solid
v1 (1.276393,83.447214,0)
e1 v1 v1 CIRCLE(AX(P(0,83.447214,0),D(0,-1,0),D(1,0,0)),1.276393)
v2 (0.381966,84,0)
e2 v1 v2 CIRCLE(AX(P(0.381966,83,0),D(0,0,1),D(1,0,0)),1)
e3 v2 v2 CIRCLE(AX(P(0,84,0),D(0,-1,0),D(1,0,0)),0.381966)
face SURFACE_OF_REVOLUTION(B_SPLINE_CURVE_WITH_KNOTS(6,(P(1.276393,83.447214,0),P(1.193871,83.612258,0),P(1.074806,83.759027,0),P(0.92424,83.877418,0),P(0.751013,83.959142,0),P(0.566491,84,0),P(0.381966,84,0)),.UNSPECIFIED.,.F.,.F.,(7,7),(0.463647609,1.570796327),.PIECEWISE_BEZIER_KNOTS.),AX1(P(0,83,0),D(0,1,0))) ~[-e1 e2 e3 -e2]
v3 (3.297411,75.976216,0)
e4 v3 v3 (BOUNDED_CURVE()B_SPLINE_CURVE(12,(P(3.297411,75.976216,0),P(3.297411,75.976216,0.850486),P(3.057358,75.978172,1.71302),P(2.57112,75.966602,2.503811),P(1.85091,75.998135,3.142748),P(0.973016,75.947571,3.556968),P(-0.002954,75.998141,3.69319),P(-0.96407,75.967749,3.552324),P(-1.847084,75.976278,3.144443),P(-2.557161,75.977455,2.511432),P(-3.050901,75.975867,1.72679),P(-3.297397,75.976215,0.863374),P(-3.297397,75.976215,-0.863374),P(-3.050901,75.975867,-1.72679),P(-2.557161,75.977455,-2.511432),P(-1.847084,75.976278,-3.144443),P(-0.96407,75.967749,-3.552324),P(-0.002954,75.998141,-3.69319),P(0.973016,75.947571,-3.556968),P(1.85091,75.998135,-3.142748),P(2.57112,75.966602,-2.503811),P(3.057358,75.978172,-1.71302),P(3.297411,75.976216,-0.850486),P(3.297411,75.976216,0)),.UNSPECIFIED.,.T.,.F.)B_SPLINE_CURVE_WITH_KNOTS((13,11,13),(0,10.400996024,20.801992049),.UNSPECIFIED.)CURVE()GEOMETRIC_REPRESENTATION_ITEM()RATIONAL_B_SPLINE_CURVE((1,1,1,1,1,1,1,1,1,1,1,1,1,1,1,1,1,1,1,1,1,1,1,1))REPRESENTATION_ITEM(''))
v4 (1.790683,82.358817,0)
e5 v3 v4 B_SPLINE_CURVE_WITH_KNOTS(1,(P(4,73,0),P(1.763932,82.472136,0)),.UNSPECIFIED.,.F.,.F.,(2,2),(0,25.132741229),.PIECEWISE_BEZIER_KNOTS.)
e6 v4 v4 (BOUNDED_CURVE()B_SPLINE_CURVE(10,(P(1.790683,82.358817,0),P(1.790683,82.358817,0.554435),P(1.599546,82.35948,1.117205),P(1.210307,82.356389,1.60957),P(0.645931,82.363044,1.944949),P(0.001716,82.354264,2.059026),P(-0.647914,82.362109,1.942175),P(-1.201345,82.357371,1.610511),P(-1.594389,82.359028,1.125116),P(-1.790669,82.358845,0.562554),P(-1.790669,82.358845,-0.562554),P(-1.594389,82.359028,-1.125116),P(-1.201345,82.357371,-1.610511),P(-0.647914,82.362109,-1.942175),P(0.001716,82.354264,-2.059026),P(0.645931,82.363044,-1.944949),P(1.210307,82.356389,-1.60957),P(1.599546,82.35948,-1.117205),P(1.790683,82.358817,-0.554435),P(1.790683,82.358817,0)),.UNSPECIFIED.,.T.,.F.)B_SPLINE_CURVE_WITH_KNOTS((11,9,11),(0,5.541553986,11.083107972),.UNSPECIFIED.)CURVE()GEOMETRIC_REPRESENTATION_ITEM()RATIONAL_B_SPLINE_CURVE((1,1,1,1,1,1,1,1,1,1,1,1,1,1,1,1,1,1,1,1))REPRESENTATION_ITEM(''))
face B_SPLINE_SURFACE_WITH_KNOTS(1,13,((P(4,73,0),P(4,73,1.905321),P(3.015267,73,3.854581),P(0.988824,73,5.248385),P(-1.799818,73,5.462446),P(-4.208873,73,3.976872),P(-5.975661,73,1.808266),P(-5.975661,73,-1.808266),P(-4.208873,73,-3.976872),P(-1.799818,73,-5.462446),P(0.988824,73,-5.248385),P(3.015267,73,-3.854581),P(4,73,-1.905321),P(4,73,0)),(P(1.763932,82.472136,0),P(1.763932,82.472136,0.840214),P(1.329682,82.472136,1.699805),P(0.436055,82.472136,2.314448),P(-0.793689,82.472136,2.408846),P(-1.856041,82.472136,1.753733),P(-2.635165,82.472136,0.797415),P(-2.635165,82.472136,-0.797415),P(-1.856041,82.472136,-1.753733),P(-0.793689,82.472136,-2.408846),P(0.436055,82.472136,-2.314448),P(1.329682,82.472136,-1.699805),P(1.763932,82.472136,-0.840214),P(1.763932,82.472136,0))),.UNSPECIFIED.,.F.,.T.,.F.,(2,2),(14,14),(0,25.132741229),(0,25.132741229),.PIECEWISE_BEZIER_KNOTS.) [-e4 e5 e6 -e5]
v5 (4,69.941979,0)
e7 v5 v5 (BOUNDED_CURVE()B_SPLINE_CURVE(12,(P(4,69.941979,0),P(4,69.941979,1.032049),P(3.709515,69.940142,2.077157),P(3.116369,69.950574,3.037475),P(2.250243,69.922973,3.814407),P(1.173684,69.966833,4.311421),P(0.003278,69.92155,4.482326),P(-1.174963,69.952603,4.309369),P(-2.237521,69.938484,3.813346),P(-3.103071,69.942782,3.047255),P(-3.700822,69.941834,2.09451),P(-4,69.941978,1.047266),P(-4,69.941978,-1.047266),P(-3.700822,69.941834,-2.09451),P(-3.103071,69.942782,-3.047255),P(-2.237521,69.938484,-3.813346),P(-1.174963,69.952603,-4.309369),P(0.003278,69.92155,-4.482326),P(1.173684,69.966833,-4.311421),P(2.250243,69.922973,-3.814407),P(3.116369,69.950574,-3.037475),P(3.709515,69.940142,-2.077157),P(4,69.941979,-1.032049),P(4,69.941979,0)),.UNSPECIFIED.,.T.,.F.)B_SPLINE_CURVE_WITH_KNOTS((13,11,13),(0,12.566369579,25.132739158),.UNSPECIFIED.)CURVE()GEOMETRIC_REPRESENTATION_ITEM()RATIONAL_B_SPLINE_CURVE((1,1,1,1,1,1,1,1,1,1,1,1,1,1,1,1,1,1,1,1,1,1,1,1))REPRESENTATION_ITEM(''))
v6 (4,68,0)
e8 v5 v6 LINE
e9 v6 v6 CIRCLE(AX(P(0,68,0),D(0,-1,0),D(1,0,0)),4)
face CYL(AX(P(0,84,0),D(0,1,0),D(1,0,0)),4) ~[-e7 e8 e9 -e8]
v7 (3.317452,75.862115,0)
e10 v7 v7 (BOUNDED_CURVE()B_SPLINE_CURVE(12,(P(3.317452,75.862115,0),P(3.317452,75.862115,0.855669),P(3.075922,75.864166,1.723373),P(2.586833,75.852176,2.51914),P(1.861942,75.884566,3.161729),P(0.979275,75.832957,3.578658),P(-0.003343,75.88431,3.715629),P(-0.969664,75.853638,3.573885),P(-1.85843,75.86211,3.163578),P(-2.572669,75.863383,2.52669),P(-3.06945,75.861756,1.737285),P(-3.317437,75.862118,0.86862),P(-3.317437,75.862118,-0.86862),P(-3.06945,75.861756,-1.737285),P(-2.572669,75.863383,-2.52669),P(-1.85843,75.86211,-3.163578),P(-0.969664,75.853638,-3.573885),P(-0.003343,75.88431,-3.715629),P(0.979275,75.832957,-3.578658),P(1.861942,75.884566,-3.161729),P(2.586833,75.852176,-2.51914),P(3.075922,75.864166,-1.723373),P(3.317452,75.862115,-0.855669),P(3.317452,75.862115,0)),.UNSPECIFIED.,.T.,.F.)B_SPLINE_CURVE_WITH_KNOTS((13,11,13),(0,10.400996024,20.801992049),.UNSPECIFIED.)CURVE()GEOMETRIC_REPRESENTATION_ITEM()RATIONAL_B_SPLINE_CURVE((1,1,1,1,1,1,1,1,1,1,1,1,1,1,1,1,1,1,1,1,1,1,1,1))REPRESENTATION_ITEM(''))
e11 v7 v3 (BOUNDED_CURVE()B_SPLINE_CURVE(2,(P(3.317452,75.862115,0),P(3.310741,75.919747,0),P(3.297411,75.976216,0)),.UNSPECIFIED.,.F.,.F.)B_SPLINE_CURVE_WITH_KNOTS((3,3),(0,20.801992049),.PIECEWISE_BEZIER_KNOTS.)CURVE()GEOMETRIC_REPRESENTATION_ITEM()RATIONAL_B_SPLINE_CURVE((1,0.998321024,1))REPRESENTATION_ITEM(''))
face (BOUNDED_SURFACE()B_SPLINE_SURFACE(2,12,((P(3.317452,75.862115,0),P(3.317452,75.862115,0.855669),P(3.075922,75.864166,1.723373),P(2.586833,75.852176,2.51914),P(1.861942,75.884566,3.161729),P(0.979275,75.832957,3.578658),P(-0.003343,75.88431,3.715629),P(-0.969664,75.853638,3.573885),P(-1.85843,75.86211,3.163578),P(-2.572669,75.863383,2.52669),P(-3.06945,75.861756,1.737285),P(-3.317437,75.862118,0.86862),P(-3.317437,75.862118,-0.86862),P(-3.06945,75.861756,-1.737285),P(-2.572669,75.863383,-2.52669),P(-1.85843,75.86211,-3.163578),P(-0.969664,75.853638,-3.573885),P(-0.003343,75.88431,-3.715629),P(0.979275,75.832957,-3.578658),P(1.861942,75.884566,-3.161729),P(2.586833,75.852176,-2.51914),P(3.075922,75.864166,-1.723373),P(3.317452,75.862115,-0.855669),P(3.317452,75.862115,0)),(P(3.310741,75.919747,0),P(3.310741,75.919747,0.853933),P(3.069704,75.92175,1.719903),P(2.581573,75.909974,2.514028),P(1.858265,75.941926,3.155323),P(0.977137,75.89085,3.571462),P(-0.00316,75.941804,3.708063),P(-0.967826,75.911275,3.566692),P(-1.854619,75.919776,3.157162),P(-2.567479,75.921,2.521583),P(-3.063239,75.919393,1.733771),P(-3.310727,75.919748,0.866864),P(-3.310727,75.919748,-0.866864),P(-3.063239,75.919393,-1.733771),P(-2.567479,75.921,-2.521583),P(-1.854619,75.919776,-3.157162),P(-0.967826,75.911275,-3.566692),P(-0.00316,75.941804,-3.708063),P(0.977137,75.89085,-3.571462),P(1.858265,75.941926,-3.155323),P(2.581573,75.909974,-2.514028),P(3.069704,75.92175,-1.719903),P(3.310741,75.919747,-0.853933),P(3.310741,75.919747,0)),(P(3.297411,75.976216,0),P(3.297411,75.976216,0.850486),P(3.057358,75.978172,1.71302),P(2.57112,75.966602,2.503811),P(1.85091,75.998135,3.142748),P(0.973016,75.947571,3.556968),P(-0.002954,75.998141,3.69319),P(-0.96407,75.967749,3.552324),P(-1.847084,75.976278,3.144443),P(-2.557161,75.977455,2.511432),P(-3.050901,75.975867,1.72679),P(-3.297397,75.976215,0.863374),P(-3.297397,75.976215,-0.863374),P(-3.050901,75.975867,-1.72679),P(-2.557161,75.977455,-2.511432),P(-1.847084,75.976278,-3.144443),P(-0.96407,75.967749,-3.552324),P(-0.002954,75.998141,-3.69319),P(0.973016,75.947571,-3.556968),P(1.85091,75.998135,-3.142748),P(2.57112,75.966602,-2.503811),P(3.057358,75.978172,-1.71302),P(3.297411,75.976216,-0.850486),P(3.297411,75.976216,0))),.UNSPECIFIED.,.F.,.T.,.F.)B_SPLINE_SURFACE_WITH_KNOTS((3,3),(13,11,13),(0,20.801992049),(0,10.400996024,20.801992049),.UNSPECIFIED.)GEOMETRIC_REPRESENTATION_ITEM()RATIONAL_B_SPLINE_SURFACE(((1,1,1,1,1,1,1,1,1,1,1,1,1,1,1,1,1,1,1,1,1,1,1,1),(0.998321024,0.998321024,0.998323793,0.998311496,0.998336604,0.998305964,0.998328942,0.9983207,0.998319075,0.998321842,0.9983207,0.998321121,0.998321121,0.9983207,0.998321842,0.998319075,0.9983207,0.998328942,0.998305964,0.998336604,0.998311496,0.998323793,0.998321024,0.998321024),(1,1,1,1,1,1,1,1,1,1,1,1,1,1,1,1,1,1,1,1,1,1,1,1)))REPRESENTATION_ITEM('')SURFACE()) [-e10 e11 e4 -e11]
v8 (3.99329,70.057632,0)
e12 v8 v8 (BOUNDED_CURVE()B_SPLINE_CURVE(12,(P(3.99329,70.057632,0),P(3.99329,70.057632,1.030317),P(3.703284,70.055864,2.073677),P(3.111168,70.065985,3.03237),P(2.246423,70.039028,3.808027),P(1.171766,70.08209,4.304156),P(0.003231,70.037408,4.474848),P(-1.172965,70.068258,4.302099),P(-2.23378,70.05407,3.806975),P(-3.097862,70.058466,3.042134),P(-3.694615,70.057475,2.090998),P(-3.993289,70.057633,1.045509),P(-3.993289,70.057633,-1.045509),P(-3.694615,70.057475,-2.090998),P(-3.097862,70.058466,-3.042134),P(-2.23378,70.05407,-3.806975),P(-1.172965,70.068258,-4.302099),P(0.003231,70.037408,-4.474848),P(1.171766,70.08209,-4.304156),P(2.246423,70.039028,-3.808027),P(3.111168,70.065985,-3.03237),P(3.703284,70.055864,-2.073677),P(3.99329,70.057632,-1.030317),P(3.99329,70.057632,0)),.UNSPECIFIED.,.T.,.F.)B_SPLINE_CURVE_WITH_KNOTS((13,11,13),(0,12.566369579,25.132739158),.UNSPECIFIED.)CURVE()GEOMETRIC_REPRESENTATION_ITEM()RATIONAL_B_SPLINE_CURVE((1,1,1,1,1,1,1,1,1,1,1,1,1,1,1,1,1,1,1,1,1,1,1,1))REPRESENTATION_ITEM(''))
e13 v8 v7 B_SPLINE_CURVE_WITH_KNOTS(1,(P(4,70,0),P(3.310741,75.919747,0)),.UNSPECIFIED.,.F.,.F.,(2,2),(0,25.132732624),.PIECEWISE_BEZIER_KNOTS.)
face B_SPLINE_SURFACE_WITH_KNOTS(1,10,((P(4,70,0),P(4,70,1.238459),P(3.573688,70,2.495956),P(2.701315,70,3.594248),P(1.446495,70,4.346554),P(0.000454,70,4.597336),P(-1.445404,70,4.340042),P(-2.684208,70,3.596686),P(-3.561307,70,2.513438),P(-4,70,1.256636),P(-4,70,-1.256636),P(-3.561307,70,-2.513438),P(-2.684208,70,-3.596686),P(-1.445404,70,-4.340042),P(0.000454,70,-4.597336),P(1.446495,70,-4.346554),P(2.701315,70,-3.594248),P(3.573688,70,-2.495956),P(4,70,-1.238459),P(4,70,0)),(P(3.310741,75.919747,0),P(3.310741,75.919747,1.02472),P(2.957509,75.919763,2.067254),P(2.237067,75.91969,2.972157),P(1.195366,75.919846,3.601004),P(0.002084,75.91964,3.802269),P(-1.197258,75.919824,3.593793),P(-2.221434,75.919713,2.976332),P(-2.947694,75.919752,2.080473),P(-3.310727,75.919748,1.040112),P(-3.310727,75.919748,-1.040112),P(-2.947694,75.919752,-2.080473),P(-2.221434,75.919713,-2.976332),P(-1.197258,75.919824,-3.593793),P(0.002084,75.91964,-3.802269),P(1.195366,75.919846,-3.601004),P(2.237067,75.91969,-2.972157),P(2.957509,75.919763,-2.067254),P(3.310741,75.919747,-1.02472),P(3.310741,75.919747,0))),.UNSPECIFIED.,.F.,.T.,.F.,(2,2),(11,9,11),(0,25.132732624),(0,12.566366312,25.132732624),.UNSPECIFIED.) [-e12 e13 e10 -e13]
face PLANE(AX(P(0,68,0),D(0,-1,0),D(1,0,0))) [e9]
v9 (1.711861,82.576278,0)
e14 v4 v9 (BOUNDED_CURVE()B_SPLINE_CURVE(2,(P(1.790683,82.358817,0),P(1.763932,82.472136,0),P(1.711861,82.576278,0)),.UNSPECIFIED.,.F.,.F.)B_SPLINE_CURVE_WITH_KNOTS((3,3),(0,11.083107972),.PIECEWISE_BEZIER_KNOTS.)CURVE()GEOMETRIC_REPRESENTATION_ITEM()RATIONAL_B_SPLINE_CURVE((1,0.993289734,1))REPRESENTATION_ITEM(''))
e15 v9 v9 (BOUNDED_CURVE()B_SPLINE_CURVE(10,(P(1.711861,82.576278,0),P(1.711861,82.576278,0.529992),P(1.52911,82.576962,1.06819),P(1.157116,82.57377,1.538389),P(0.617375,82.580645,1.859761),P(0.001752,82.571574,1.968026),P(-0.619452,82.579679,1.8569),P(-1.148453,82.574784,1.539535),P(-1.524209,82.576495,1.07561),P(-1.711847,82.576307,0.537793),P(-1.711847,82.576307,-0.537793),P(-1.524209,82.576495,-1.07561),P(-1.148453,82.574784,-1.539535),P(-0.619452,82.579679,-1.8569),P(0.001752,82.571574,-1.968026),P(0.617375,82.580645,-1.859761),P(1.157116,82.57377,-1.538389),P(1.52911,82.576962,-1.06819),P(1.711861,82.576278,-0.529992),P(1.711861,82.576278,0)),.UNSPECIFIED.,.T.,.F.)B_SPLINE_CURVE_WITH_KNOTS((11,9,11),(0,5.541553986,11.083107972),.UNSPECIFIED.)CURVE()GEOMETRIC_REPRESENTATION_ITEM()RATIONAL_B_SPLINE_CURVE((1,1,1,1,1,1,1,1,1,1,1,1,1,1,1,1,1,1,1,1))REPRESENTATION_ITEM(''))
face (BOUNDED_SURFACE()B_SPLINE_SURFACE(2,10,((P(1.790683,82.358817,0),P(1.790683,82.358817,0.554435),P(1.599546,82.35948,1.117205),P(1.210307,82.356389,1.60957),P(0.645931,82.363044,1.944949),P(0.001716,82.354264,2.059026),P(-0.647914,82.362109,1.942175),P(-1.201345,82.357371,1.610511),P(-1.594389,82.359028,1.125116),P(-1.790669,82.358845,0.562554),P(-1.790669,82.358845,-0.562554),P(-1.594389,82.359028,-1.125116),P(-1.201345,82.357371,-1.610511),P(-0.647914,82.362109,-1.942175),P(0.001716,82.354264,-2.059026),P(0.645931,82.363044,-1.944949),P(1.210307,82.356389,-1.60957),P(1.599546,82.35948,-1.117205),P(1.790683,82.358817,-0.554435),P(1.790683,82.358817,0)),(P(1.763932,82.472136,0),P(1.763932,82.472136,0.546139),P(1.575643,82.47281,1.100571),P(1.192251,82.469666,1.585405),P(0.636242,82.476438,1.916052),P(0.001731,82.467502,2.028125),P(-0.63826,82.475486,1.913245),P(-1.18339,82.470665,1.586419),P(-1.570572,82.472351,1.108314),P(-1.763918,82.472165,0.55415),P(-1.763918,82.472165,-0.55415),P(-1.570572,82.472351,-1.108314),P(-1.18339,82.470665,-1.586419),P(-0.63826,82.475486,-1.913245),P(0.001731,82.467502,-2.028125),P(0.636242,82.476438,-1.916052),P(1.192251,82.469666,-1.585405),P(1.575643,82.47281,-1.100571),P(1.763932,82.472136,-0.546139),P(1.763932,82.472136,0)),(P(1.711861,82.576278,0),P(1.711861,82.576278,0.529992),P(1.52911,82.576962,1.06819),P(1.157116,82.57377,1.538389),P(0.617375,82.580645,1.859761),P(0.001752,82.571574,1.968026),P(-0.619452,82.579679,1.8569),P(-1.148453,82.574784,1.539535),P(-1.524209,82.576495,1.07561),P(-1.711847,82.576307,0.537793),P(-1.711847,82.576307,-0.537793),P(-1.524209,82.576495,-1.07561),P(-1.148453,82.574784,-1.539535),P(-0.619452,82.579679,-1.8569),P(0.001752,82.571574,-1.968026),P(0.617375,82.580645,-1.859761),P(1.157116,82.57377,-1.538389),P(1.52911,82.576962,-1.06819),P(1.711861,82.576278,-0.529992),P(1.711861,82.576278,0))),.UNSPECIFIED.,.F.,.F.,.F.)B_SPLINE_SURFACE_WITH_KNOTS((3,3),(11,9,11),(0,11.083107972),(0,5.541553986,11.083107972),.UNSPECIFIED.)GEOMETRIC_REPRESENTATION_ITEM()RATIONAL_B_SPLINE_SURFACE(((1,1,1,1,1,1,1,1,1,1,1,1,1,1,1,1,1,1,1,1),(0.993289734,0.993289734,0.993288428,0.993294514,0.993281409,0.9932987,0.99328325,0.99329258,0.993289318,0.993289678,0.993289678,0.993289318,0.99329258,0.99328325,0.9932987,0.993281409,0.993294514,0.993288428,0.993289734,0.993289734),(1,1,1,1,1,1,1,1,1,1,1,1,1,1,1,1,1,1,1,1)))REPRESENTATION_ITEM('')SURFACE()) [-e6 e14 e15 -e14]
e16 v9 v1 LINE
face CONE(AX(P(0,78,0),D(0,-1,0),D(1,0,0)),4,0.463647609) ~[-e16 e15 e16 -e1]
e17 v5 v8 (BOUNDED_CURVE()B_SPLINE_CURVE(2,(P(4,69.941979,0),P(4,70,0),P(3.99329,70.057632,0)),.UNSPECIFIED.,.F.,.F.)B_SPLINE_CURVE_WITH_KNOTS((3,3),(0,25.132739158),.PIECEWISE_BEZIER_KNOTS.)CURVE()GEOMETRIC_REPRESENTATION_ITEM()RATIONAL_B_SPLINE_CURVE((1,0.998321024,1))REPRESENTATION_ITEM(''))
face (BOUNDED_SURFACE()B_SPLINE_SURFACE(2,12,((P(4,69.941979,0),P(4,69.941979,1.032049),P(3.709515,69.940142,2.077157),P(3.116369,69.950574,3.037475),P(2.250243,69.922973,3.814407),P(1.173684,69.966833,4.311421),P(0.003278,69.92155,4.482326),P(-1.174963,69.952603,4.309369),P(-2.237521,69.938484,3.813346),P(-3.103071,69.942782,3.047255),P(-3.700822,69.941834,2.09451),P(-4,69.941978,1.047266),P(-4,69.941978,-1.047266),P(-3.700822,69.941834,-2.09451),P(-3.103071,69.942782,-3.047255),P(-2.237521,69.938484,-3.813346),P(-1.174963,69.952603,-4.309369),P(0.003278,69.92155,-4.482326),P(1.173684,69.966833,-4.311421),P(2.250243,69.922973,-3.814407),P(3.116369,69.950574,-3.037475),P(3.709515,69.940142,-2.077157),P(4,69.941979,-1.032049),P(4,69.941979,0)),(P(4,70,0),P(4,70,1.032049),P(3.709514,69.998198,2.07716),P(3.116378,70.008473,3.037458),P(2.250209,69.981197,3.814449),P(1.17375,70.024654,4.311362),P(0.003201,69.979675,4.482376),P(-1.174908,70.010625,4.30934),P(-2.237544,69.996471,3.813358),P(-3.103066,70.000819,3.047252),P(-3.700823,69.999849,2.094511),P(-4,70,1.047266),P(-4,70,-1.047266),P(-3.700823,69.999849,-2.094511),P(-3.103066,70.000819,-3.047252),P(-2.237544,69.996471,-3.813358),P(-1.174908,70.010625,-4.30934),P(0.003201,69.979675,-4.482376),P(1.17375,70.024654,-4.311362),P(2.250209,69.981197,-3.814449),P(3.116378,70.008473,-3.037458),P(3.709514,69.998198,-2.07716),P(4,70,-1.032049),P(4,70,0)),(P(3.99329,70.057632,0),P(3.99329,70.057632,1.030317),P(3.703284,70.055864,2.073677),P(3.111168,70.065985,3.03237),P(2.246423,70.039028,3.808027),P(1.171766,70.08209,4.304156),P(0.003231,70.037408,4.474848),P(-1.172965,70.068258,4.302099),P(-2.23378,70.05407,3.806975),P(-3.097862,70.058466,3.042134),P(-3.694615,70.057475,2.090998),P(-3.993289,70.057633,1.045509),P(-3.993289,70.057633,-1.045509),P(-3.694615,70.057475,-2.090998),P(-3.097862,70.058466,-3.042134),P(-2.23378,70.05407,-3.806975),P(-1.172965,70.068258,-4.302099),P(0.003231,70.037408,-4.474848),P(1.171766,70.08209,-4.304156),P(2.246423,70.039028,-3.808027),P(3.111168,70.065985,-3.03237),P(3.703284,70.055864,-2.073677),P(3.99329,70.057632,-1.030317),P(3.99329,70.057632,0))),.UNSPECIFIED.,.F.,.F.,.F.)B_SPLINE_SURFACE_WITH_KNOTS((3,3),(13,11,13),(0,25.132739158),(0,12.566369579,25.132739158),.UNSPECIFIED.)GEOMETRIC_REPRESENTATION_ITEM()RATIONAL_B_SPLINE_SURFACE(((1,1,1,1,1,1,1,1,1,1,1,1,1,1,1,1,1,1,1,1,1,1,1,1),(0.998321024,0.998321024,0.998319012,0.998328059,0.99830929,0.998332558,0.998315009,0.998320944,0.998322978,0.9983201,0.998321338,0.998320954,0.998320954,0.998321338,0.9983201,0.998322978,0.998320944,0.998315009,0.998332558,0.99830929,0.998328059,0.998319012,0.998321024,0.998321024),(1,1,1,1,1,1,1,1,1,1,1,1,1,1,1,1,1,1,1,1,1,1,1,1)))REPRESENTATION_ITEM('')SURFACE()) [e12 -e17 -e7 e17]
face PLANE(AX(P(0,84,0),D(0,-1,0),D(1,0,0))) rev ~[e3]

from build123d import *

# Parameters (mm, degrees)
CYLINDER046_R     = 4
CYLINDER046_DEPTH = 16
CHAMFER010_SIZE2  = 3
CHAMFER010_SIZE   = 6
CHAMFER011_SIZE   = 5
CHAMFER012_SIZE   = 3
FILLET003_R       = 1


with BuildPart() as part:
    # Cylinder046 → Cylinder046 (new body)
    with BuildSketch(Plane.XZ.offset(-60)):
        Circle(CYLINDER046_R)
    extrude(amount=CYLINDER046_DEPTH)

    # Chamfer010
    chamfer010_edges = [part.edges().sort_by_distance(p)[0] for p in [
        (-4, 60, 0),
    ]]
    chamfer010_side = part.faces().sort_by_distance((-4, 52, 0))[0]
    chamfer(chamfer010_edges, length=CHAMFER010_SIZE, length2=CHAMFER010_SIZE2, reference=chamfer010_side)

    # Chamfer011
    chamfer011_edges = [part.edges().sort_by_distance(p)[0] for p in [
        (-4, 54, 0),
    ]]
    chamfer(chamfer011_edges, length=CHAMFER011_SIZE)

    # Chamfer012
    chamfer012_edges = [part.edges().sort_by_distance(p)[0] for p in [
        (-3.999983, 49, 0),
    ]]
    chamfer(chamfer012_edges, length=CHAMFER012_SIZE)

    # Fillet003
    fillet003_edges = [part.edges().sort_by_distance(p)[0] for p in [
        (-4, 46, 0),
        (-3.310727, 51.919748, 0),
        (-1.763924, 58.472136, 0),
        (-1, 60, 0),
    ]]
    fillet(fillet003_edges, radius=FILLET003_R)


with BuildPart() as part_1:
    # Fillet003 placement: moved
    add(part.part.moved(Location((0, 24, 0))))


solid = part_1.part
